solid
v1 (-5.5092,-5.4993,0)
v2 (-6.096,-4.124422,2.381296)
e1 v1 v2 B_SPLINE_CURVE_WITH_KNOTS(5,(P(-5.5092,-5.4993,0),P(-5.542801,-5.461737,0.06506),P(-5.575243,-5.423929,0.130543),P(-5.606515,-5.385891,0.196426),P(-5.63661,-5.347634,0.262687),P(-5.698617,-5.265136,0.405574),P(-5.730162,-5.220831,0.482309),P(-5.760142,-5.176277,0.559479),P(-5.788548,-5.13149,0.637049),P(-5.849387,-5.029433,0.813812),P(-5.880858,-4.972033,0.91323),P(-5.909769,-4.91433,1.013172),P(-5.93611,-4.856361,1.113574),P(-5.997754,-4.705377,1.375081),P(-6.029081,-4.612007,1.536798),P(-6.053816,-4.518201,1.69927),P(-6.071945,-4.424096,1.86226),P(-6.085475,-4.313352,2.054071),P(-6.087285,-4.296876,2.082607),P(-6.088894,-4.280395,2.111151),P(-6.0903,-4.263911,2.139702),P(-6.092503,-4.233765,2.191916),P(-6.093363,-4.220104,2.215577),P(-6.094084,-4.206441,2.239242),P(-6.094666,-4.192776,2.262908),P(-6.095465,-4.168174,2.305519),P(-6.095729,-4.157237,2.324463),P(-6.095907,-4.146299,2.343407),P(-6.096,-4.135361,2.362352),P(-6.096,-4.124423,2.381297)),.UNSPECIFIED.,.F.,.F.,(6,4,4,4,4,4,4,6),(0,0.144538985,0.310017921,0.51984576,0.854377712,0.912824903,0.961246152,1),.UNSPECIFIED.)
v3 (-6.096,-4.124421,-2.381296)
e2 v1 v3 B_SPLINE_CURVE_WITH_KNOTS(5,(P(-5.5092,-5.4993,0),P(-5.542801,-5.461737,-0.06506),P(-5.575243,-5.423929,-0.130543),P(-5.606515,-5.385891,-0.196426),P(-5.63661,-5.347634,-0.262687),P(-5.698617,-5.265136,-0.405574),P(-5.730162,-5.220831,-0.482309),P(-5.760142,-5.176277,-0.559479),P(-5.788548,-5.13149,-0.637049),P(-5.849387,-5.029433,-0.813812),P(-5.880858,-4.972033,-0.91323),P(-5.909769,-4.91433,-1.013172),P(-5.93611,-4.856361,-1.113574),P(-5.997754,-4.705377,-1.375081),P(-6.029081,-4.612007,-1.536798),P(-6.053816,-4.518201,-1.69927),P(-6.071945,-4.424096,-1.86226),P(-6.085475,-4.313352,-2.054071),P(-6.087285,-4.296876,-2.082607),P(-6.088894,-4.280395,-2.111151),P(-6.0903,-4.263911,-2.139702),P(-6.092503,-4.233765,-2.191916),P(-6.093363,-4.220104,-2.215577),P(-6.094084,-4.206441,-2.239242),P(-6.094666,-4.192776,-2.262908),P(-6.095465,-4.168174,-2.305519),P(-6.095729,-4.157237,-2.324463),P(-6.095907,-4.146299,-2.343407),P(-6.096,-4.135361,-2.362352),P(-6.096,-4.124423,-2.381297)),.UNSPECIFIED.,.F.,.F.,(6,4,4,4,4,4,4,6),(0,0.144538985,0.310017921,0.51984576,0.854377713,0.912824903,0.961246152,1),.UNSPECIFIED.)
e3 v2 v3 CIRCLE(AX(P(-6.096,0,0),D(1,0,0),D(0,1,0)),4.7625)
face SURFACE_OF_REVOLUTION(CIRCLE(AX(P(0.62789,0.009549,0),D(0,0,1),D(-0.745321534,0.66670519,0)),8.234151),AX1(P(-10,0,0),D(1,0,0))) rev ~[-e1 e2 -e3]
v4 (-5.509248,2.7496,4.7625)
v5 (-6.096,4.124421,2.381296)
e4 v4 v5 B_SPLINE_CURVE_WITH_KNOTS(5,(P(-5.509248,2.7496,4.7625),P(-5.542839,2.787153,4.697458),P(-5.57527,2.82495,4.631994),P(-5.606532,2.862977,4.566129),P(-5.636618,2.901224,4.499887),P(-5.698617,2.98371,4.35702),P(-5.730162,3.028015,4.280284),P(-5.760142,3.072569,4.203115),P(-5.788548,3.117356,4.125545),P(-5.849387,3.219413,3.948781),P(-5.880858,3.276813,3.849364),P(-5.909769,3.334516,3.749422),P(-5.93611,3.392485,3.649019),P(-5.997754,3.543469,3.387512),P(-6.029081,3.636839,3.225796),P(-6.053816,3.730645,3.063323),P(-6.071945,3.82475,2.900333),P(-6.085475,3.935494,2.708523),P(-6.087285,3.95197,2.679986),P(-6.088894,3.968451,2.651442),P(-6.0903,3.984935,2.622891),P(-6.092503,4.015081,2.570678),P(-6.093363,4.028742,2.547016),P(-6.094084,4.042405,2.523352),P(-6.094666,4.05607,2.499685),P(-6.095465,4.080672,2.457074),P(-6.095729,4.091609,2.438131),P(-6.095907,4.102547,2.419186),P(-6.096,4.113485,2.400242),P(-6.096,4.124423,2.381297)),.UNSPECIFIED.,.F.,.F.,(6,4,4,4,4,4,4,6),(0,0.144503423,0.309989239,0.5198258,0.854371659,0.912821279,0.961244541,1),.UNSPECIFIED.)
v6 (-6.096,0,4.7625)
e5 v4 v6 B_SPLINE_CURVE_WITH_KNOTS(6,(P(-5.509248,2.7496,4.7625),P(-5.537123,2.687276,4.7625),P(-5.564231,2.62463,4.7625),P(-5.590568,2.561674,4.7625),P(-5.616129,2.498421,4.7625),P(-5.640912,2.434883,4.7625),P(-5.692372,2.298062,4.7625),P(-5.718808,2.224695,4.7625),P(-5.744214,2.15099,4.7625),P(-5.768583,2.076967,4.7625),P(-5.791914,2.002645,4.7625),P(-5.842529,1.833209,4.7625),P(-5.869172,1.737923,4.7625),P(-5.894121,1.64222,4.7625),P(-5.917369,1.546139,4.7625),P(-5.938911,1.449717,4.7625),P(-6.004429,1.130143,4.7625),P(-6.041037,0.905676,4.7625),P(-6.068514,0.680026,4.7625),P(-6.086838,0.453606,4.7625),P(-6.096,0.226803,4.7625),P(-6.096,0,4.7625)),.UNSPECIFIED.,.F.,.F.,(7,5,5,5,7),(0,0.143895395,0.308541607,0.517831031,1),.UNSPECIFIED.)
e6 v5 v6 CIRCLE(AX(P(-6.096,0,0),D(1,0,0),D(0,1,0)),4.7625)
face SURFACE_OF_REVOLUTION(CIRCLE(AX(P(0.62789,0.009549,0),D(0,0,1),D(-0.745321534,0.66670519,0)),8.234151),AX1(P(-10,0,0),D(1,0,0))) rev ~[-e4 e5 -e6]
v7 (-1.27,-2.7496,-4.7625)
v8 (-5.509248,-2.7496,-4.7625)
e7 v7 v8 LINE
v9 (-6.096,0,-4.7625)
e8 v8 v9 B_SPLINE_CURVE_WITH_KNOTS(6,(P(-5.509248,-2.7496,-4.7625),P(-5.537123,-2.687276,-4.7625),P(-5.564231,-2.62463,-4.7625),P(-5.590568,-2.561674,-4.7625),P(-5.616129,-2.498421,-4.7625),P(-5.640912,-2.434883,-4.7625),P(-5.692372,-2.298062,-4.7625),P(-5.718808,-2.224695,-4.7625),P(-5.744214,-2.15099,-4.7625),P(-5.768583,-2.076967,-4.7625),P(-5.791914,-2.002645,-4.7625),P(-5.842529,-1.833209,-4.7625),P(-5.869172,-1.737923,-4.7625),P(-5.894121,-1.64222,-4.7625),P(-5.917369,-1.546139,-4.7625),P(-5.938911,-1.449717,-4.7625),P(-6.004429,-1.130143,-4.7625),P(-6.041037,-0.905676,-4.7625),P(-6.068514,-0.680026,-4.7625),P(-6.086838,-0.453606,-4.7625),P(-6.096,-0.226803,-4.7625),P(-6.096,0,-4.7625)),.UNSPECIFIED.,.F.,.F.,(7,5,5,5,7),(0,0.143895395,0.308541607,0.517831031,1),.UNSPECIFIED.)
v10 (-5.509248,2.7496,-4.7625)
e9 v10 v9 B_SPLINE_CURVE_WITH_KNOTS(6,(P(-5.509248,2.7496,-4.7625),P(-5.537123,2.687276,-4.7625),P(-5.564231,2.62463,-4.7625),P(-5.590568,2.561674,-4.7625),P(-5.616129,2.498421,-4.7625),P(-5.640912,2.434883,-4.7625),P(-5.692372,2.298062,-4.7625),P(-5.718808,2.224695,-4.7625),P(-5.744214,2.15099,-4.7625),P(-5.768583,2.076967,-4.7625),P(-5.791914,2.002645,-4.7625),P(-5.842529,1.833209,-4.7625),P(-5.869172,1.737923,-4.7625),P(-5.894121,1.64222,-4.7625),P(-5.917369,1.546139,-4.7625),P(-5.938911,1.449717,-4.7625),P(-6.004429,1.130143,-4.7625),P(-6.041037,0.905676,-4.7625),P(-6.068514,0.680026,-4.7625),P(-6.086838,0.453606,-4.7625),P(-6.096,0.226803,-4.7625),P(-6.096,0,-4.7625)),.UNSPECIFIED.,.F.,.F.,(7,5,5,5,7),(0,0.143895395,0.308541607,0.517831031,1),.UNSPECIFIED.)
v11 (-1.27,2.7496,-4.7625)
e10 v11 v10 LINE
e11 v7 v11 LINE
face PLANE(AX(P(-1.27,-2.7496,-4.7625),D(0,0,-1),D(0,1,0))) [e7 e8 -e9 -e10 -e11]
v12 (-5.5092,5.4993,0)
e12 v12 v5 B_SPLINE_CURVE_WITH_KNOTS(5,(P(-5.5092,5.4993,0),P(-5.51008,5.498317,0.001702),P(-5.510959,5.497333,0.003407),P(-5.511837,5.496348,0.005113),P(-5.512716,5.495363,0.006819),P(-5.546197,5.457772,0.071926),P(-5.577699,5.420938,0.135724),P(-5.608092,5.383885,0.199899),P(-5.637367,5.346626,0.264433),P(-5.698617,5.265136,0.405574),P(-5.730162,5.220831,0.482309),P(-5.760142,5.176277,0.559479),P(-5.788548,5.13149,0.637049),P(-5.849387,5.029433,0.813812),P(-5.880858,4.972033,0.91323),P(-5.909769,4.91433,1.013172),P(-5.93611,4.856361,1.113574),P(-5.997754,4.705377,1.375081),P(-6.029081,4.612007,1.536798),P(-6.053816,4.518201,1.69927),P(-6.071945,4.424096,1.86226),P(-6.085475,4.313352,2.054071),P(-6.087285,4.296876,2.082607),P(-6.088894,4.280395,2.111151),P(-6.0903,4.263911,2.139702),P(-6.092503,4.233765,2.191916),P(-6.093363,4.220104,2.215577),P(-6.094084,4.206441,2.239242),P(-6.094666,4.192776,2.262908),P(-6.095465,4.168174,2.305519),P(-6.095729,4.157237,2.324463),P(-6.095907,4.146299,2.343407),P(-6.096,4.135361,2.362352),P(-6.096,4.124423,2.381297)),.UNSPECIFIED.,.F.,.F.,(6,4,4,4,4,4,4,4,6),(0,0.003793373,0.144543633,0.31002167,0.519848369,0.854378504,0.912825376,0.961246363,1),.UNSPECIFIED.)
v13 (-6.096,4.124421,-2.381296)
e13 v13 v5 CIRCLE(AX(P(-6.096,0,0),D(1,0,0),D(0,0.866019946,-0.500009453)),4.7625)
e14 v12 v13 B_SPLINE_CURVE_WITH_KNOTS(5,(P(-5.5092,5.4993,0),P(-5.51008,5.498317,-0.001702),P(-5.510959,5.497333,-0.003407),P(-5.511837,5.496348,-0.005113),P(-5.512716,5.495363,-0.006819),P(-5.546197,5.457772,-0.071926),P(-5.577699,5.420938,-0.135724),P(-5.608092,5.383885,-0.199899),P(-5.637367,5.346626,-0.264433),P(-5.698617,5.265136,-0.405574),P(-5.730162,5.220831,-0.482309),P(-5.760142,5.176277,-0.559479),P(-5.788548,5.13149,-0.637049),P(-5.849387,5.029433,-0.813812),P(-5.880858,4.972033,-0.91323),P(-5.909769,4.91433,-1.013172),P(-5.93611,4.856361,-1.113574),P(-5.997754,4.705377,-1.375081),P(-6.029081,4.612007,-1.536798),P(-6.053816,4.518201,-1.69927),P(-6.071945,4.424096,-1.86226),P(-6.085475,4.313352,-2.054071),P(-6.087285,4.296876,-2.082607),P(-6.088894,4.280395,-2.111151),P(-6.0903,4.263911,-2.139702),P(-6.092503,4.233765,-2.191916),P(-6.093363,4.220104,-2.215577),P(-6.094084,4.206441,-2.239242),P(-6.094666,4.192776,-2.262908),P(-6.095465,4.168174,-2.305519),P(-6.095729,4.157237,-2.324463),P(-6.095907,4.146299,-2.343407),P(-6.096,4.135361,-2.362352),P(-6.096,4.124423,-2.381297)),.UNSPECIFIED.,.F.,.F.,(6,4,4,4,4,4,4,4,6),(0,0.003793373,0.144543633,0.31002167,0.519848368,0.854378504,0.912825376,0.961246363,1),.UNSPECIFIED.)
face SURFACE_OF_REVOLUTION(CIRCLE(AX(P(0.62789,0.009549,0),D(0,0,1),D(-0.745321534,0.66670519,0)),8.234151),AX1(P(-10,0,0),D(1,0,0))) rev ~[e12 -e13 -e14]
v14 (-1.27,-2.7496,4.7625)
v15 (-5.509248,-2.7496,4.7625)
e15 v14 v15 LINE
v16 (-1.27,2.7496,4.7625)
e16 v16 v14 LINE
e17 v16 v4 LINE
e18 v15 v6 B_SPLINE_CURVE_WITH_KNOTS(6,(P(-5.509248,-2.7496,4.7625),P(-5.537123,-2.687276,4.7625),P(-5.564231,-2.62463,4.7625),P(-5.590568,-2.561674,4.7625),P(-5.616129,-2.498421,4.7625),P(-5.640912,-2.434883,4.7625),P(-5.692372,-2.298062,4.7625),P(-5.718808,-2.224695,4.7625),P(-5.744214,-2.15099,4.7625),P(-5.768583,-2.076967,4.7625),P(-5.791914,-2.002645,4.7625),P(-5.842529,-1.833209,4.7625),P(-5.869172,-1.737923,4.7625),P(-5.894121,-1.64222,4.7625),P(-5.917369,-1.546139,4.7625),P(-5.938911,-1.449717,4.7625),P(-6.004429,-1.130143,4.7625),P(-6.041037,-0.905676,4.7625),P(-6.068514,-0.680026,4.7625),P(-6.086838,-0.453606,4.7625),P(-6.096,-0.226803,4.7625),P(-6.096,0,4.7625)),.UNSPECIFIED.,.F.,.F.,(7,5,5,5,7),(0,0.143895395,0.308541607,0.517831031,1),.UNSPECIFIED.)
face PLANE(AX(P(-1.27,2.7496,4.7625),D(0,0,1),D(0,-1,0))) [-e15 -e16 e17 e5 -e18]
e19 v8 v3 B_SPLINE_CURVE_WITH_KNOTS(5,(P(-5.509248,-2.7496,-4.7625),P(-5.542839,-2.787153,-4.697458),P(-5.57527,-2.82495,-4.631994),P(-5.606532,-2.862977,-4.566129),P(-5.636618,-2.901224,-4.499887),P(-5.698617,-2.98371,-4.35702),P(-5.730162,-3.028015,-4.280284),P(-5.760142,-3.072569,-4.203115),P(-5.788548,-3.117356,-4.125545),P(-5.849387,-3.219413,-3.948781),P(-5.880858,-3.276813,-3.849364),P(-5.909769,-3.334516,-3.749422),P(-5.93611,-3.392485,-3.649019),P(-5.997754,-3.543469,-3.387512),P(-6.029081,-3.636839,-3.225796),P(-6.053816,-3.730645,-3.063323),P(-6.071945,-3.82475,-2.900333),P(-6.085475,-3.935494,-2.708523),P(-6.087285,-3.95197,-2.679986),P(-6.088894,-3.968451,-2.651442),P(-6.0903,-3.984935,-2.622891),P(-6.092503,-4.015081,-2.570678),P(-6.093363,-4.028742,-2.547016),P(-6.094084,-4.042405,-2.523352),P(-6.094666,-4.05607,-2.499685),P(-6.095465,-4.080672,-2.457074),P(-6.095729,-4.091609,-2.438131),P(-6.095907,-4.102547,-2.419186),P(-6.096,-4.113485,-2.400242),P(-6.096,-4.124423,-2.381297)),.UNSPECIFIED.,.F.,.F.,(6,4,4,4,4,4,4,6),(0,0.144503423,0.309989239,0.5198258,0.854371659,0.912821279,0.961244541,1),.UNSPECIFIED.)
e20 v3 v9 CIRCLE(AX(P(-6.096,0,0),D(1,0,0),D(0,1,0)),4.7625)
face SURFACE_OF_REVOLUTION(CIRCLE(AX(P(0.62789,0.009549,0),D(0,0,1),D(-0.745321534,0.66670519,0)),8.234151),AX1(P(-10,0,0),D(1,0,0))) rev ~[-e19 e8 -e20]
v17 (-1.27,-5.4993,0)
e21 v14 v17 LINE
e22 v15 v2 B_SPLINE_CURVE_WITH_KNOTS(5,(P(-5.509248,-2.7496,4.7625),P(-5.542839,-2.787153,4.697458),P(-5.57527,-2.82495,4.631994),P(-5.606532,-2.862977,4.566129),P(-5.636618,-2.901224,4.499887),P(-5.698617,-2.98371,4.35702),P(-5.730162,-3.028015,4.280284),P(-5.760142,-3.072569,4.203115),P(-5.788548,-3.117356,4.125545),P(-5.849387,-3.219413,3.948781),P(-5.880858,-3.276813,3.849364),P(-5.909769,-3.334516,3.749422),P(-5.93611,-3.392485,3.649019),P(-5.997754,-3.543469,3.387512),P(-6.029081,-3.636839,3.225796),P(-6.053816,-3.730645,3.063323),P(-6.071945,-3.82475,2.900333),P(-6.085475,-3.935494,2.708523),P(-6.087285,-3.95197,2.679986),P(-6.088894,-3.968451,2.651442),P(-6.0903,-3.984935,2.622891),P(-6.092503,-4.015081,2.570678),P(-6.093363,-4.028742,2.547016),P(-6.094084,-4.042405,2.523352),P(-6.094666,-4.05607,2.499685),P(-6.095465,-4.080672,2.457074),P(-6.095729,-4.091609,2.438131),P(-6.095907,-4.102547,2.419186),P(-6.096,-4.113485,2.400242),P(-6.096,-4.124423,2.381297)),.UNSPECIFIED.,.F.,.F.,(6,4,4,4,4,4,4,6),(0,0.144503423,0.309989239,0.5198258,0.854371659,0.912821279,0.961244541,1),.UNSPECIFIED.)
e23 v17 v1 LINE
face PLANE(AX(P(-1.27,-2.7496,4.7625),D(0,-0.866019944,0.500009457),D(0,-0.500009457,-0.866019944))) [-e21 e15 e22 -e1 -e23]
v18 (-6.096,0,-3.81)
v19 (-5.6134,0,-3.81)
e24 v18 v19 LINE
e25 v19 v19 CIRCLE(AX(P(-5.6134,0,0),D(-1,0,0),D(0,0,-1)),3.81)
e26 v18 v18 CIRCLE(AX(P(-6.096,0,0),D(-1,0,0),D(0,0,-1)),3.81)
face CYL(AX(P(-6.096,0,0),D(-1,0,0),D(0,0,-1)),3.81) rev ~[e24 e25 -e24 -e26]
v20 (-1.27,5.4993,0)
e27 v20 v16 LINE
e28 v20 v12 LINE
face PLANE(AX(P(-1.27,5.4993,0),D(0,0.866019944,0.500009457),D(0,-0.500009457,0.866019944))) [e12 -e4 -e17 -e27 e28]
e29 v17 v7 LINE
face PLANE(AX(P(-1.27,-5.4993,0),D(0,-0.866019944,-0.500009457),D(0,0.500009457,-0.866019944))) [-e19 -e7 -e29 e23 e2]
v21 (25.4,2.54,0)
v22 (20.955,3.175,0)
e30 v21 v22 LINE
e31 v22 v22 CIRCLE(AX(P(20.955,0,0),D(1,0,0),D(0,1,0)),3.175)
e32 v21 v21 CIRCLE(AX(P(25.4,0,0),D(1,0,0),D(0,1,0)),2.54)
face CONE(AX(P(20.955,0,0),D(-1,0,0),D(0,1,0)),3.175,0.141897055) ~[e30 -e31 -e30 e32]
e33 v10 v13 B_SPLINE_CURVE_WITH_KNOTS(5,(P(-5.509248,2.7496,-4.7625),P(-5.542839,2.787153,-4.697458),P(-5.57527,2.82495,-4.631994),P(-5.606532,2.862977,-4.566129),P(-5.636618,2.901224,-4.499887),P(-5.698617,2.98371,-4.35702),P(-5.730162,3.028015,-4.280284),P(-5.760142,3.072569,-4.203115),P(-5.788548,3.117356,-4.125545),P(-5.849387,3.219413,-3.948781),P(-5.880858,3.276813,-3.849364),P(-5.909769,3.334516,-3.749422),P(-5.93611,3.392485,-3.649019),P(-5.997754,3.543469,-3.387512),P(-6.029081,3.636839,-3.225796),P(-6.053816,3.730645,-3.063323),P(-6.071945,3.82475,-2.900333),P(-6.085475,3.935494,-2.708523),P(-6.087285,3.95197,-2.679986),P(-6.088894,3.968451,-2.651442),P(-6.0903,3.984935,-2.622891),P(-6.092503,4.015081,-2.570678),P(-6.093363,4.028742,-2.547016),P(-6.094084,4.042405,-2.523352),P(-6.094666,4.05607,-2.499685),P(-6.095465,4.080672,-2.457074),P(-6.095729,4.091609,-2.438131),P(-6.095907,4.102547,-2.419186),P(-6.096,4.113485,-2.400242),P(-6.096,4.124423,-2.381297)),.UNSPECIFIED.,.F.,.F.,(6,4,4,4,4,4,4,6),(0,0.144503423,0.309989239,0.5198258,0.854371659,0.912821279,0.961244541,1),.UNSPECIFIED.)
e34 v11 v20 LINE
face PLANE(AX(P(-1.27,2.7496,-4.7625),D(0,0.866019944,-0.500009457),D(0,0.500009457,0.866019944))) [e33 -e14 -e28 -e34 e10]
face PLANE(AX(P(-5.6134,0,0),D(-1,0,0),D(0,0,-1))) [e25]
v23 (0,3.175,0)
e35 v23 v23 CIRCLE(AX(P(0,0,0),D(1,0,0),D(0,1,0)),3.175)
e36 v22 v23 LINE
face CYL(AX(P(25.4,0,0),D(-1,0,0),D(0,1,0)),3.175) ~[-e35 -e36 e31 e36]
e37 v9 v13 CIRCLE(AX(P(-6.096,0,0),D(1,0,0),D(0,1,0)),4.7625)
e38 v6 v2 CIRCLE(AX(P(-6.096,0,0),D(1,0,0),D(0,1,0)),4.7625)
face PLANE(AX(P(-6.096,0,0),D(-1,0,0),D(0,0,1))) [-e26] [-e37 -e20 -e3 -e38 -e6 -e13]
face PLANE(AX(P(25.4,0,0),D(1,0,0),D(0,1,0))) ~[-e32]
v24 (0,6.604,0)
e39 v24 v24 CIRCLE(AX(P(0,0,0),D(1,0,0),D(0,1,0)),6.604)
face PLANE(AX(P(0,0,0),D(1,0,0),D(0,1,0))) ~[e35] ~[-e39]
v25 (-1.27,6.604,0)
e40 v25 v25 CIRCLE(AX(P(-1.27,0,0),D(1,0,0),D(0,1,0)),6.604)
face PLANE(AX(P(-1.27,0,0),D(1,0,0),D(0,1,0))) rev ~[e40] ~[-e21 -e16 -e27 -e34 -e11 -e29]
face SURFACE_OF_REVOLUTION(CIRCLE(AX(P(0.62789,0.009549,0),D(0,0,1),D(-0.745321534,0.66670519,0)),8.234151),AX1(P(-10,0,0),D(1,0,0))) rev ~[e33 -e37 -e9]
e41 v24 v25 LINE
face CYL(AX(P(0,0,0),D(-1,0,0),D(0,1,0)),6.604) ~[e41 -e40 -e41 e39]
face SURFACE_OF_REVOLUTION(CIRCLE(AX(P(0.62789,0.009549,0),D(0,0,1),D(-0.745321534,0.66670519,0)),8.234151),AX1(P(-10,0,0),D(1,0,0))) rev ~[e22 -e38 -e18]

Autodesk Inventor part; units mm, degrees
ref_plane "YZ Plane" through (0, 0, 0) normal (1, 0, 0) x (0, 1, 0)
sketch "Sketch1" plane through (0, 0, 0) normal (0, 0, 1) x (1, 0, 0)
  line L0 (-1.27, 6.604) -> (-1.27, 0)
  line L1 (-1.27, 0) -> (25.4, 0)
  line L2 (25.4, 0) -> (25.4, 3.175)
  line L3 (25.4, 3.175) -> (0, 3.175)
  line L4 (0, 3.175) -> (0, 6.604)
  line L5 (-6.604, 0) -> (30.734, 0) projected
  line L6 (0, -1.3208) -> (0, 7.9248) projected
  line L7 (0, 6.604) -> (-1.27, 6.604)
  dimension "d1" = 1.27
  dimension "d2" = 6.35
  dimension "d3" = 25.4
  dimension "d22" = 13.208
revolve "Body" add sketch "Sketch1" angle 360 about axis through (-1.27, 0, 0) along (1, 0, 0)
sketch "Sketch2" plane through (-1.27, 0, 0) normal (-1, 0, 0) x (0, 0, 1)
  line L0 (0, 5.4993) -> (4.7625, 2.7496)
  line L1 (4.7625, 2.7496) -> (4.7625, -2.7496)
  line L2 (4.7625, -2.7496) -> (0, -5.4993)
  line L3 (0, -5.4993) -> (-4.7625, -2.7496)
  line L4 (-4.7625, -2.7496) -> (-4.7625, 2.7496)
  line L5 (-4.7625, 2.7496) -> (0, 5.4993)
  circle A0 centre (0, 0) radius 6.604 projected
  dimension "d11" = 9.525
extrude "Head" add sketch "Sketch2" along normal blind 4.826 contours L0 L1 L2 L3 L4 L5
ref_plane "IDS_WORKPLANE{1}" through (-6.096, 0, 0) normal (-1, 0, 0) x (0, 0, -1)
sketch "Sketch3" plane through (-6.096, 0, 0) normal (-1, 0, 0) x (0, 0, -1)
  circle A0 centre (0, 0) radius 3.81
  point P0 (0, 0)
  dimension "d15" = 7.62
extrude "Indent" cut sketch "Sketch3" against normal blind 0.4826
thread "Thread" size "1/4-20 UNC" class "2A" standard "ANSI Unified Screw Threads" length 25.4
sketch "Sketch4" plane through (0, 0, 0) normal (0, 0, 1) x (1, 0, 0)
  line L0 (-6.096, 4.7625) -> (-6.096, 5.4993)
  line L1 (-6.096, 5.4993) -> (-5.5092, 5.4993)
  line L2 (-6.096, 5.4993) -> (-6.096, 2.7496) projected
  line L3 (-7.4557, 0) -> (1.9883, 0) projected
  line L4 (-1.27, 5.4993) -> (-6.096, 5.4993) projected
  arc A0 (-5.5092, 5.4993) -> (-6.096, 4.7625) centre (0.6392, 0) ccw
  dimension "d21" = 9.525
  dimension "d23" = 8.2489
revolve "Chamfer1" cut sketch "Sketch4" angle 360 about axis through (-10, 0, 0) along (1, 0, 0)
chamfer "Chamfer2" distance 0.635 distance2 4.445 1 edges at (25.4, -3.175, 0) measured on face at (25.4, -0.5202, -0.7796)
ref_plane "Work Plane3" through (7, 0, 0) normal (0, 0, -1) x (1, 0, 0)
equation "\"d1\" = SD"
equation "\"d2\" = NND"
equation "\"d3\" = NLG"
equation "\"d22\" = SD2"
equation "\"d11\" = SW"
equation "\"d12\" = KOH"
equation "\"d15\" = SD3"
equation "\"d16\" = SB"
equation "\"d21\" = SW"
equation "\"d23\" = 0.866025 * SW"
equation "\"d6\" = GEL"
equation "\"d19\" = -0.5 * GD2 + 0.5 * NND"
equation "\"d20\" = SPTZ"
equation "\"NLG\" = 25.4"
equation "\"NND\" = 6.35"
equation "\"KOH\" = 4.826"
equation "\"GEL\" = 25.4"
equation "\"SW\" = 9.525"
equation "\"GD2\" = 5.08"
equation "\"SPTZ\" = 4.445"
equation "\"SD3\" = 0.8 * SW"
equation "\"SB\" = 0.1 * KOH"
equation "\"SD2\" = 13.208"
equation "\"SD\" = 1.27"
equation "\"GD1\" = 5.08"
equation "\"THREADDIA\" = 6.35"
equation "\"TOA\" = 30deg"
equation "\"E0\" = 10.99852"
properties part number "am-1182" material "Steel, Mild"
